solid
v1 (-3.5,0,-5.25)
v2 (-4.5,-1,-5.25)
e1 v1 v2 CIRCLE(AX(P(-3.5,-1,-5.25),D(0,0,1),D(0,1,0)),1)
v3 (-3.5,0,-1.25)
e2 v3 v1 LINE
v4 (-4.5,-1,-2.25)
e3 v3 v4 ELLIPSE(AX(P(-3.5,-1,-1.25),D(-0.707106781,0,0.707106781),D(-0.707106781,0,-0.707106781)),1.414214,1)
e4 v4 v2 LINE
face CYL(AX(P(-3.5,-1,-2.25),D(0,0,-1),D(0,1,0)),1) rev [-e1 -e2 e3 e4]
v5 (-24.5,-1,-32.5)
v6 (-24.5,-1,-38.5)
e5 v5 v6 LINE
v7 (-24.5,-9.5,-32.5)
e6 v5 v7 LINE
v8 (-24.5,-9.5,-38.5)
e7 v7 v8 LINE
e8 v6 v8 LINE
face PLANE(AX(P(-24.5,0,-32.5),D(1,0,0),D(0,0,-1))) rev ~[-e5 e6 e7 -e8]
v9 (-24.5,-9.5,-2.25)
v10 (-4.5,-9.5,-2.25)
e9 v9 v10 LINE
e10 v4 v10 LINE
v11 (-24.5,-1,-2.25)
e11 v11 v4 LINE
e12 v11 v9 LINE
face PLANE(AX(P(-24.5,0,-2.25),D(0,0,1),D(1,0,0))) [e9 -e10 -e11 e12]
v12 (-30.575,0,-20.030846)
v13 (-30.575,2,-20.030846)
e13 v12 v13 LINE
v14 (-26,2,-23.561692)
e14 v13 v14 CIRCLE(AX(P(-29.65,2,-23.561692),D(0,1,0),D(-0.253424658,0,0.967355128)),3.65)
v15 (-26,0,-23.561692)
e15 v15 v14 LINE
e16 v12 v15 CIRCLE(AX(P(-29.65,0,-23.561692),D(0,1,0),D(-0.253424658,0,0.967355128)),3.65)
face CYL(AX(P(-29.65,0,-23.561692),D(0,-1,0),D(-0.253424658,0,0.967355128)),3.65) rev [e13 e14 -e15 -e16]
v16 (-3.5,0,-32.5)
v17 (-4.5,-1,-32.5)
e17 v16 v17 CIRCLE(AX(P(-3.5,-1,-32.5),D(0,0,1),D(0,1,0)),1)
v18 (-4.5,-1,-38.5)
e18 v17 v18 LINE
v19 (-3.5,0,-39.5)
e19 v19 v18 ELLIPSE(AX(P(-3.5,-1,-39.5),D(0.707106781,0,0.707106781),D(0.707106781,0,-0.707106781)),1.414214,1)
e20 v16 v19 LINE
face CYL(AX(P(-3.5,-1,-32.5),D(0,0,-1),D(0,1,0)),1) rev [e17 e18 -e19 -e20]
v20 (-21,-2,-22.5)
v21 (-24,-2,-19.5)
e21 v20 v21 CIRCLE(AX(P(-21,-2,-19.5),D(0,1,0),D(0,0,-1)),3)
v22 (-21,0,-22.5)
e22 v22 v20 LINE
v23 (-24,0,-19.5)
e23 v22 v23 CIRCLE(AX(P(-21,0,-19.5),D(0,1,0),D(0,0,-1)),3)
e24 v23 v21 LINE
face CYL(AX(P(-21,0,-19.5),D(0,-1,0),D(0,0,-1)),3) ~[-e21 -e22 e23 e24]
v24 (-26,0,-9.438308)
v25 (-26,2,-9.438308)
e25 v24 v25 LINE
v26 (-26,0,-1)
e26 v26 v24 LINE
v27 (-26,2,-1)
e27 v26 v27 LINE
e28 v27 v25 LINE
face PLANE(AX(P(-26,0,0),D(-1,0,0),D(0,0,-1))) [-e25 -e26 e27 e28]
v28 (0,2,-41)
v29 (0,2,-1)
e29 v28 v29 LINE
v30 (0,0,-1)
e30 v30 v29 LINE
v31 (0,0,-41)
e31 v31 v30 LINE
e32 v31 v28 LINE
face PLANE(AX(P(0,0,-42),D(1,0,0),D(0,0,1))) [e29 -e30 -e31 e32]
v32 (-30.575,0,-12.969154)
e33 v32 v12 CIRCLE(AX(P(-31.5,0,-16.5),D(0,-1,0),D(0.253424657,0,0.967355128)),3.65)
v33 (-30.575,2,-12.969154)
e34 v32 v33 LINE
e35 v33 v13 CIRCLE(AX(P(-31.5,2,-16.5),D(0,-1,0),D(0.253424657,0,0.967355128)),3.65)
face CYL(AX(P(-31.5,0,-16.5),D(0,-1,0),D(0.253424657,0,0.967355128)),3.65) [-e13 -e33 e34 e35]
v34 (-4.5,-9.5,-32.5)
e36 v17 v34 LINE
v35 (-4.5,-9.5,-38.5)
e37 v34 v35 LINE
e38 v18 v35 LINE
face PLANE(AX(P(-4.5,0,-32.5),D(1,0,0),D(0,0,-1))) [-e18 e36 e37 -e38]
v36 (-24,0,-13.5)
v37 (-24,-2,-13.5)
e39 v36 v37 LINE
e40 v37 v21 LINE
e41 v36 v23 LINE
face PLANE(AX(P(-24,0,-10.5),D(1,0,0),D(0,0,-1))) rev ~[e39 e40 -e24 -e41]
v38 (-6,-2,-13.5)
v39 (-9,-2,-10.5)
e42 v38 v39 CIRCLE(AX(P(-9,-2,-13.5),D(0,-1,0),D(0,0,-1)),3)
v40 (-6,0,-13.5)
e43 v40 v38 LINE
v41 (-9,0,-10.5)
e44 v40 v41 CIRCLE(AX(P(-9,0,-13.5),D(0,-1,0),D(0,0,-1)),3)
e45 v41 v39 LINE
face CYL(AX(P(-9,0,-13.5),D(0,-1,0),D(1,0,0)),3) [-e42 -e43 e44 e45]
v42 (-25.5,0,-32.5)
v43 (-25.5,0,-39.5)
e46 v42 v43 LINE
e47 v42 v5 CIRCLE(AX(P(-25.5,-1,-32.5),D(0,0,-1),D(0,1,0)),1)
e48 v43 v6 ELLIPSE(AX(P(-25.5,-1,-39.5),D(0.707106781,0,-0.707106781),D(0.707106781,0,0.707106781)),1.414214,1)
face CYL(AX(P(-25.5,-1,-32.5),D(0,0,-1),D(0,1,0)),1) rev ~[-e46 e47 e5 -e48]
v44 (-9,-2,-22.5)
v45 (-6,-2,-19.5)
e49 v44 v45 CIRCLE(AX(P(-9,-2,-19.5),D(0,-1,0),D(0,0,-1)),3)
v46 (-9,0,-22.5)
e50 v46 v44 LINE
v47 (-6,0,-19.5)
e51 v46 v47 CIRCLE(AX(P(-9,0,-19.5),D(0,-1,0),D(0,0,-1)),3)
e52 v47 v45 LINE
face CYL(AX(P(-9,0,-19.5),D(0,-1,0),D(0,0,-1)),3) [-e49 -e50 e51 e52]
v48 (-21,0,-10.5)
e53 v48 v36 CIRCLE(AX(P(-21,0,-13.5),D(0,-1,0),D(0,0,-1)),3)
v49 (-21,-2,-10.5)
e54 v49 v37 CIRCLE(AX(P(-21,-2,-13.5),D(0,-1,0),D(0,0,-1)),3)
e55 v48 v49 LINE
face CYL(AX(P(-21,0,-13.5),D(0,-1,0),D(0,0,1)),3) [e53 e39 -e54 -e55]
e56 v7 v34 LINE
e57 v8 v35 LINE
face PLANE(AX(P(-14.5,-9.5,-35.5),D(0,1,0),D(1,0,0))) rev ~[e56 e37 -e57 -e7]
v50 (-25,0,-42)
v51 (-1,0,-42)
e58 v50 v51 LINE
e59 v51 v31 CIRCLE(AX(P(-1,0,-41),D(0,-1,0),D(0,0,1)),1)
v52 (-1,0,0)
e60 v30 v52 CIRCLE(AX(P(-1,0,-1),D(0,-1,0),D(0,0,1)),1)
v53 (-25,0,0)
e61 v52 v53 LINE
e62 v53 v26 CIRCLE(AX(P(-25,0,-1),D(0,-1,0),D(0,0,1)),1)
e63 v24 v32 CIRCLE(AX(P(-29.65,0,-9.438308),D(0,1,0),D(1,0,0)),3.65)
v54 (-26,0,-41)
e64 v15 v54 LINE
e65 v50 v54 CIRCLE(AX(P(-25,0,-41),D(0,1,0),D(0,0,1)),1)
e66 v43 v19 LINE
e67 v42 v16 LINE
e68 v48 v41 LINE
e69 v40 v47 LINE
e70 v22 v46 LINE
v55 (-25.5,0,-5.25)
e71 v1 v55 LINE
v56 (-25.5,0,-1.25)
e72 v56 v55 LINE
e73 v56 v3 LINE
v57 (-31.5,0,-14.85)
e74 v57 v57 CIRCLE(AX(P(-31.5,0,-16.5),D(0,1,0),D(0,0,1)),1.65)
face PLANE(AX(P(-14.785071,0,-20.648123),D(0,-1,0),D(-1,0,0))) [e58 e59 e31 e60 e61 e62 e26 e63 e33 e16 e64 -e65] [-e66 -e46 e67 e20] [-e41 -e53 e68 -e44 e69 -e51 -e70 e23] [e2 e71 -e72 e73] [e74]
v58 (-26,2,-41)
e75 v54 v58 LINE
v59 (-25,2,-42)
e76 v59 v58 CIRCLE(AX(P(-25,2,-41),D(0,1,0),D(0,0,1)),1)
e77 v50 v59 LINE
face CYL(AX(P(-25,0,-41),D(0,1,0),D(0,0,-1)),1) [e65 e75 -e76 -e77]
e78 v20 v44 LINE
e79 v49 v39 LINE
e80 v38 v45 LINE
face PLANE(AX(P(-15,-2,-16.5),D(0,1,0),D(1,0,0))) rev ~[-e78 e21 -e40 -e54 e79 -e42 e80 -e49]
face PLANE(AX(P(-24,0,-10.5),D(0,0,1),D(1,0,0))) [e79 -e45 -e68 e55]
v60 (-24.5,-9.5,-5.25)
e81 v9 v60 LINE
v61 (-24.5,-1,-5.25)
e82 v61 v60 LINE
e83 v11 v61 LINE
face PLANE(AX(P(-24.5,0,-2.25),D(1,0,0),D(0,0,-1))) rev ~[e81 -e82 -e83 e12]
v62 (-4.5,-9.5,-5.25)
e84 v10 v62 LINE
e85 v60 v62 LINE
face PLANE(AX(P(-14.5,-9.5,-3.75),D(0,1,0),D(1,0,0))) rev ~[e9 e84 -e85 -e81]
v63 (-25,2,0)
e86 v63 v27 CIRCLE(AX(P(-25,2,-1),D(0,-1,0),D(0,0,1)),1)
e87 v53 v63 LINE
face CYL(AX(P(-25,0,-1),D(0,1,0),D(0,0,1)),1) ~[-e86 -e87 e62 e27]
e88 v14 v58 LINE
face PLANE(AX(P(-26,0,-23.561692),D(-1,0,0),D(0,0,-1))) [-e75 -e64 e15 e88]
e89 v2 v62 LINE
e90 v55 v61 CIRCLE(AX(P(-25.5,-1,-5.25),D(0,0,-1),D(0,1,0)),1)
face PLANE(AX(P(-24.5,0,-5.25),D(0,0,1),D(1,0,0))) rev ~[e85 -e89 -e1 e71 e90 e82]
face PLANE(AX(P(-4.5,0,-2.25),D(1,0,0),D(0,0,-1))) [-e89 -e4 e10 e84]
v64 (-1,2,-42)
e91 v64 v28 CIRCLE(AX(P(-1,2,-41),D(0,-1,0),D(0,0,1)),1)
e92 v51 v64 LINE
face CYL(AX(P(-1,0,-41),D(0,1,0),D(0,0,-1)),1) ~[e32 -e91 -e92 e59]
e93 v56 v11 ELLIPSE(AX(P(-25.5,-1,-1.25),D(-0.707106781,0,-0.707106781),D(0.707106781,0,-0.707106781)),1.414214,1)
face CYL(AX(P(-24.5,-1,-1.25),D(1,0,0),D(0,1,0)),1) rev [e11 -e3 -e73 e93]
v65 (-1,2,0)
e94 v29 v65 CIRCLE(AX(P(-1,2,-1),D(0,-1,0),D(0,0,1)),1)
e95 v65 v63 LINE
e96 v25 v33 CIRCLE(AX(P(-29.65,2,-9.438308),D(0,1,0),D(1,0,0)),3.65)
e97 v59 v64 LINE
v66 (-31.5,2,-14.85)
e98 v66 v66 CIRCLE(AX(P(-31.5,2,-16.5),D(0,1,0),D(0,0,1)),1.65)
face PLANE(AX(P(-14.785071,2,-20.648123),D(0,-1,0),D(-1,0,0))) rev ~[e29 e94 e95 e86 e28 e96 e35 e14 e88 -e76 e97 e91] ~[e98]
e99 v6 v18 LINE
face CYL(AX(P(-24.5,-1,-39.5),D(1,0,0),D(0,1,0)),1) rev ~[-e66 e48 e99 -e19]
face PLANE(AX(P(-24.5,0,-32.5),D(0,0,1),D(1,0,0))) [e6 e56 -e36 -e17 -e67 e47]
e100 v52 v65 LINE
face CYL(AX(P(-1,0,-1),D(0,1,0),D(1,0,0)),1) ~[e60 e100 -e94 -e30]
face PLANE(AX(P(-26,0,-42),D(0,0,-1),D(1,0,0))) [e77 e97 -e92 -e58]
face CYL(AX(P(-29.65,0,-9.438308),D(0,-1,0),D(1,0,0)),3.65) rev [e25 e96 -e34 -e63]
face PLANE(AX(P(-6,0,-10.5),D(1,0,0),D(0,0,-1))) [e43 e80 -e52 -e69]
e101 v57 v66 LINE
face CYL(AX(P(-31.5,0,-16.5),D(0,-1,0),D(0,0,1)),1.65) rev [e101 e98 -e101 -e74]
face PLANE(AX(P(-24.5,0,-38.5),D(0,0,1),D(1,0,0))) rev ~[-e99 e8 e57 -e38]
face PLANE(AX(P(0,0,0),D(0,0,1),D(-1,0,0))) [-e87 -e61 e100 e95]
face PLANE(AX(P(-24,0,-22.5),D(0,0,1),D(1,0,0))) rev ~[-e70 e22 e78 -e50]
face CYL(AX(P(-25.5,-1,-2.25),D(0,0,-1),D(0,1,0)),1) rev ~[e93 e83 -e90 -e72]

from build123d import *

# Parameters (mm, degrees)
SKETCH1_R           = 1.65
BOSS_EXTRUDE1_DEPTH = 2
SKETCH3_W           = 18
SKETCH3_H           = 12
BOSS_EXTRUDE3_DEPTH = 2
SKETCH3_3_W         = 20
SKETCH3_3_H         = 3
SKETCH3_3_H_2       = 6
BOSS_EXTRUDE4_DEPTH = 9.5
FILLET1_R           = 1
FILLET2_R           = 3
FILLET3_R           = 1


with BuildPart() as part:
    # Sketch1 → Boss-Extrude1 (new body)
    with BuildSketch(Plane(origin=(0, 0, 0), x_dir=(1, 0, 0), z_dir=(0, 1, 0))):
        with BuildLine():
            Line((-26, 42), (0, 42))
            Line((0, 42), (0, 0))
            Line((0, 0), (-26, 0))
            Line((-26, 0), (-26, 9.438307568))
            ThreePointArc((-26, 9.438307568), (-27.419949552, 12.327836077), (-30.575, 12.969153784))
            ThreePointArc((-30.575, 12.969153784), (-35.15, 16.5), (-30.575, 20.030846216))
            ThreePointArc((-30.575, 20.030846216), (-27.419949552, 20.672163923), (-26, 23.561692432))
            Line((-26, 23.561692432), (-26, 42))
        make_face()
        with Locations(Location((-31.5, 16.5, 0), (0, 0, 270))):
            Circle(SKETCH1_R, mode=Mode.SUBTRACT)
    extrude(amount=BOSS_EXTRUDE1_DEPTH)

    # Sketch3 → Boss-Extrude3 (add)
    with BuildSketch(Plane(origin=(0, 0, 0), x_dir=(1, 0, 0), z_dir=(0, 1, 0))):
        with Locations((-15, 16.5)):
            Rectangle(SKETCH3_W, SKETCH3_H)
    extrude(amount=-BOSS_EXTRUDE3_DEPTH)

    # Sketch3<3> → Boss-Extrude4 (add)
    with BuildSketch(Plane(origin=(0, 0, 0), x_dir=(1, 0, 0), z_dir=(0, 1, 0))):
        with Locations((-14.5, 3.75)):
            Rectangle(SKETCH3_3_W, SKETCH3_3_H)
        with Locations((-14.5, 35.5)):
            Rectangle(SKETCH3_3_W, SKETCH3_3_H_2)
    extrude(amount=-BOSS_EXTRUDE4_DEPTH)

    # Fillet1
    fillet1_edges = [part.edges().sort_by_distance(p)[0] for p in [
        (-24.5, 0, -3.75),
        (-4.5, 0, -3.75),
        (-14.5, 0, -2.25),
        (-14.5, 0, -38.5),
        (-4.5, 0, -35.5),
        (-24.5, 0, -35.5),
    ]]
    fillet(fillet1_edges, radius=FILLET1_R)

    # Fillet2
    fillet2_edges = [part.edges().sort_by_distance(p)[0] for p in [
        (-6, -1, -10.5),
        (-24, -1, -10.5),
        (-24, -1, -22.5),
        (-6, -1, -22.5),
    ]]
    fillet(fillet2_edges, radius=FILLET2_R)

    # Fillet3
    fillet3_edges = [part.edges().sort_by_distance(p)[0] for p in [
        (-26, 1, -42),
        (0, 1, -42),
        (0, 1, 0),
        (-26, 1, 0),
    ]]
    fillet(fillet3_edges, radius=FILLET3_R)


solid = part.part
